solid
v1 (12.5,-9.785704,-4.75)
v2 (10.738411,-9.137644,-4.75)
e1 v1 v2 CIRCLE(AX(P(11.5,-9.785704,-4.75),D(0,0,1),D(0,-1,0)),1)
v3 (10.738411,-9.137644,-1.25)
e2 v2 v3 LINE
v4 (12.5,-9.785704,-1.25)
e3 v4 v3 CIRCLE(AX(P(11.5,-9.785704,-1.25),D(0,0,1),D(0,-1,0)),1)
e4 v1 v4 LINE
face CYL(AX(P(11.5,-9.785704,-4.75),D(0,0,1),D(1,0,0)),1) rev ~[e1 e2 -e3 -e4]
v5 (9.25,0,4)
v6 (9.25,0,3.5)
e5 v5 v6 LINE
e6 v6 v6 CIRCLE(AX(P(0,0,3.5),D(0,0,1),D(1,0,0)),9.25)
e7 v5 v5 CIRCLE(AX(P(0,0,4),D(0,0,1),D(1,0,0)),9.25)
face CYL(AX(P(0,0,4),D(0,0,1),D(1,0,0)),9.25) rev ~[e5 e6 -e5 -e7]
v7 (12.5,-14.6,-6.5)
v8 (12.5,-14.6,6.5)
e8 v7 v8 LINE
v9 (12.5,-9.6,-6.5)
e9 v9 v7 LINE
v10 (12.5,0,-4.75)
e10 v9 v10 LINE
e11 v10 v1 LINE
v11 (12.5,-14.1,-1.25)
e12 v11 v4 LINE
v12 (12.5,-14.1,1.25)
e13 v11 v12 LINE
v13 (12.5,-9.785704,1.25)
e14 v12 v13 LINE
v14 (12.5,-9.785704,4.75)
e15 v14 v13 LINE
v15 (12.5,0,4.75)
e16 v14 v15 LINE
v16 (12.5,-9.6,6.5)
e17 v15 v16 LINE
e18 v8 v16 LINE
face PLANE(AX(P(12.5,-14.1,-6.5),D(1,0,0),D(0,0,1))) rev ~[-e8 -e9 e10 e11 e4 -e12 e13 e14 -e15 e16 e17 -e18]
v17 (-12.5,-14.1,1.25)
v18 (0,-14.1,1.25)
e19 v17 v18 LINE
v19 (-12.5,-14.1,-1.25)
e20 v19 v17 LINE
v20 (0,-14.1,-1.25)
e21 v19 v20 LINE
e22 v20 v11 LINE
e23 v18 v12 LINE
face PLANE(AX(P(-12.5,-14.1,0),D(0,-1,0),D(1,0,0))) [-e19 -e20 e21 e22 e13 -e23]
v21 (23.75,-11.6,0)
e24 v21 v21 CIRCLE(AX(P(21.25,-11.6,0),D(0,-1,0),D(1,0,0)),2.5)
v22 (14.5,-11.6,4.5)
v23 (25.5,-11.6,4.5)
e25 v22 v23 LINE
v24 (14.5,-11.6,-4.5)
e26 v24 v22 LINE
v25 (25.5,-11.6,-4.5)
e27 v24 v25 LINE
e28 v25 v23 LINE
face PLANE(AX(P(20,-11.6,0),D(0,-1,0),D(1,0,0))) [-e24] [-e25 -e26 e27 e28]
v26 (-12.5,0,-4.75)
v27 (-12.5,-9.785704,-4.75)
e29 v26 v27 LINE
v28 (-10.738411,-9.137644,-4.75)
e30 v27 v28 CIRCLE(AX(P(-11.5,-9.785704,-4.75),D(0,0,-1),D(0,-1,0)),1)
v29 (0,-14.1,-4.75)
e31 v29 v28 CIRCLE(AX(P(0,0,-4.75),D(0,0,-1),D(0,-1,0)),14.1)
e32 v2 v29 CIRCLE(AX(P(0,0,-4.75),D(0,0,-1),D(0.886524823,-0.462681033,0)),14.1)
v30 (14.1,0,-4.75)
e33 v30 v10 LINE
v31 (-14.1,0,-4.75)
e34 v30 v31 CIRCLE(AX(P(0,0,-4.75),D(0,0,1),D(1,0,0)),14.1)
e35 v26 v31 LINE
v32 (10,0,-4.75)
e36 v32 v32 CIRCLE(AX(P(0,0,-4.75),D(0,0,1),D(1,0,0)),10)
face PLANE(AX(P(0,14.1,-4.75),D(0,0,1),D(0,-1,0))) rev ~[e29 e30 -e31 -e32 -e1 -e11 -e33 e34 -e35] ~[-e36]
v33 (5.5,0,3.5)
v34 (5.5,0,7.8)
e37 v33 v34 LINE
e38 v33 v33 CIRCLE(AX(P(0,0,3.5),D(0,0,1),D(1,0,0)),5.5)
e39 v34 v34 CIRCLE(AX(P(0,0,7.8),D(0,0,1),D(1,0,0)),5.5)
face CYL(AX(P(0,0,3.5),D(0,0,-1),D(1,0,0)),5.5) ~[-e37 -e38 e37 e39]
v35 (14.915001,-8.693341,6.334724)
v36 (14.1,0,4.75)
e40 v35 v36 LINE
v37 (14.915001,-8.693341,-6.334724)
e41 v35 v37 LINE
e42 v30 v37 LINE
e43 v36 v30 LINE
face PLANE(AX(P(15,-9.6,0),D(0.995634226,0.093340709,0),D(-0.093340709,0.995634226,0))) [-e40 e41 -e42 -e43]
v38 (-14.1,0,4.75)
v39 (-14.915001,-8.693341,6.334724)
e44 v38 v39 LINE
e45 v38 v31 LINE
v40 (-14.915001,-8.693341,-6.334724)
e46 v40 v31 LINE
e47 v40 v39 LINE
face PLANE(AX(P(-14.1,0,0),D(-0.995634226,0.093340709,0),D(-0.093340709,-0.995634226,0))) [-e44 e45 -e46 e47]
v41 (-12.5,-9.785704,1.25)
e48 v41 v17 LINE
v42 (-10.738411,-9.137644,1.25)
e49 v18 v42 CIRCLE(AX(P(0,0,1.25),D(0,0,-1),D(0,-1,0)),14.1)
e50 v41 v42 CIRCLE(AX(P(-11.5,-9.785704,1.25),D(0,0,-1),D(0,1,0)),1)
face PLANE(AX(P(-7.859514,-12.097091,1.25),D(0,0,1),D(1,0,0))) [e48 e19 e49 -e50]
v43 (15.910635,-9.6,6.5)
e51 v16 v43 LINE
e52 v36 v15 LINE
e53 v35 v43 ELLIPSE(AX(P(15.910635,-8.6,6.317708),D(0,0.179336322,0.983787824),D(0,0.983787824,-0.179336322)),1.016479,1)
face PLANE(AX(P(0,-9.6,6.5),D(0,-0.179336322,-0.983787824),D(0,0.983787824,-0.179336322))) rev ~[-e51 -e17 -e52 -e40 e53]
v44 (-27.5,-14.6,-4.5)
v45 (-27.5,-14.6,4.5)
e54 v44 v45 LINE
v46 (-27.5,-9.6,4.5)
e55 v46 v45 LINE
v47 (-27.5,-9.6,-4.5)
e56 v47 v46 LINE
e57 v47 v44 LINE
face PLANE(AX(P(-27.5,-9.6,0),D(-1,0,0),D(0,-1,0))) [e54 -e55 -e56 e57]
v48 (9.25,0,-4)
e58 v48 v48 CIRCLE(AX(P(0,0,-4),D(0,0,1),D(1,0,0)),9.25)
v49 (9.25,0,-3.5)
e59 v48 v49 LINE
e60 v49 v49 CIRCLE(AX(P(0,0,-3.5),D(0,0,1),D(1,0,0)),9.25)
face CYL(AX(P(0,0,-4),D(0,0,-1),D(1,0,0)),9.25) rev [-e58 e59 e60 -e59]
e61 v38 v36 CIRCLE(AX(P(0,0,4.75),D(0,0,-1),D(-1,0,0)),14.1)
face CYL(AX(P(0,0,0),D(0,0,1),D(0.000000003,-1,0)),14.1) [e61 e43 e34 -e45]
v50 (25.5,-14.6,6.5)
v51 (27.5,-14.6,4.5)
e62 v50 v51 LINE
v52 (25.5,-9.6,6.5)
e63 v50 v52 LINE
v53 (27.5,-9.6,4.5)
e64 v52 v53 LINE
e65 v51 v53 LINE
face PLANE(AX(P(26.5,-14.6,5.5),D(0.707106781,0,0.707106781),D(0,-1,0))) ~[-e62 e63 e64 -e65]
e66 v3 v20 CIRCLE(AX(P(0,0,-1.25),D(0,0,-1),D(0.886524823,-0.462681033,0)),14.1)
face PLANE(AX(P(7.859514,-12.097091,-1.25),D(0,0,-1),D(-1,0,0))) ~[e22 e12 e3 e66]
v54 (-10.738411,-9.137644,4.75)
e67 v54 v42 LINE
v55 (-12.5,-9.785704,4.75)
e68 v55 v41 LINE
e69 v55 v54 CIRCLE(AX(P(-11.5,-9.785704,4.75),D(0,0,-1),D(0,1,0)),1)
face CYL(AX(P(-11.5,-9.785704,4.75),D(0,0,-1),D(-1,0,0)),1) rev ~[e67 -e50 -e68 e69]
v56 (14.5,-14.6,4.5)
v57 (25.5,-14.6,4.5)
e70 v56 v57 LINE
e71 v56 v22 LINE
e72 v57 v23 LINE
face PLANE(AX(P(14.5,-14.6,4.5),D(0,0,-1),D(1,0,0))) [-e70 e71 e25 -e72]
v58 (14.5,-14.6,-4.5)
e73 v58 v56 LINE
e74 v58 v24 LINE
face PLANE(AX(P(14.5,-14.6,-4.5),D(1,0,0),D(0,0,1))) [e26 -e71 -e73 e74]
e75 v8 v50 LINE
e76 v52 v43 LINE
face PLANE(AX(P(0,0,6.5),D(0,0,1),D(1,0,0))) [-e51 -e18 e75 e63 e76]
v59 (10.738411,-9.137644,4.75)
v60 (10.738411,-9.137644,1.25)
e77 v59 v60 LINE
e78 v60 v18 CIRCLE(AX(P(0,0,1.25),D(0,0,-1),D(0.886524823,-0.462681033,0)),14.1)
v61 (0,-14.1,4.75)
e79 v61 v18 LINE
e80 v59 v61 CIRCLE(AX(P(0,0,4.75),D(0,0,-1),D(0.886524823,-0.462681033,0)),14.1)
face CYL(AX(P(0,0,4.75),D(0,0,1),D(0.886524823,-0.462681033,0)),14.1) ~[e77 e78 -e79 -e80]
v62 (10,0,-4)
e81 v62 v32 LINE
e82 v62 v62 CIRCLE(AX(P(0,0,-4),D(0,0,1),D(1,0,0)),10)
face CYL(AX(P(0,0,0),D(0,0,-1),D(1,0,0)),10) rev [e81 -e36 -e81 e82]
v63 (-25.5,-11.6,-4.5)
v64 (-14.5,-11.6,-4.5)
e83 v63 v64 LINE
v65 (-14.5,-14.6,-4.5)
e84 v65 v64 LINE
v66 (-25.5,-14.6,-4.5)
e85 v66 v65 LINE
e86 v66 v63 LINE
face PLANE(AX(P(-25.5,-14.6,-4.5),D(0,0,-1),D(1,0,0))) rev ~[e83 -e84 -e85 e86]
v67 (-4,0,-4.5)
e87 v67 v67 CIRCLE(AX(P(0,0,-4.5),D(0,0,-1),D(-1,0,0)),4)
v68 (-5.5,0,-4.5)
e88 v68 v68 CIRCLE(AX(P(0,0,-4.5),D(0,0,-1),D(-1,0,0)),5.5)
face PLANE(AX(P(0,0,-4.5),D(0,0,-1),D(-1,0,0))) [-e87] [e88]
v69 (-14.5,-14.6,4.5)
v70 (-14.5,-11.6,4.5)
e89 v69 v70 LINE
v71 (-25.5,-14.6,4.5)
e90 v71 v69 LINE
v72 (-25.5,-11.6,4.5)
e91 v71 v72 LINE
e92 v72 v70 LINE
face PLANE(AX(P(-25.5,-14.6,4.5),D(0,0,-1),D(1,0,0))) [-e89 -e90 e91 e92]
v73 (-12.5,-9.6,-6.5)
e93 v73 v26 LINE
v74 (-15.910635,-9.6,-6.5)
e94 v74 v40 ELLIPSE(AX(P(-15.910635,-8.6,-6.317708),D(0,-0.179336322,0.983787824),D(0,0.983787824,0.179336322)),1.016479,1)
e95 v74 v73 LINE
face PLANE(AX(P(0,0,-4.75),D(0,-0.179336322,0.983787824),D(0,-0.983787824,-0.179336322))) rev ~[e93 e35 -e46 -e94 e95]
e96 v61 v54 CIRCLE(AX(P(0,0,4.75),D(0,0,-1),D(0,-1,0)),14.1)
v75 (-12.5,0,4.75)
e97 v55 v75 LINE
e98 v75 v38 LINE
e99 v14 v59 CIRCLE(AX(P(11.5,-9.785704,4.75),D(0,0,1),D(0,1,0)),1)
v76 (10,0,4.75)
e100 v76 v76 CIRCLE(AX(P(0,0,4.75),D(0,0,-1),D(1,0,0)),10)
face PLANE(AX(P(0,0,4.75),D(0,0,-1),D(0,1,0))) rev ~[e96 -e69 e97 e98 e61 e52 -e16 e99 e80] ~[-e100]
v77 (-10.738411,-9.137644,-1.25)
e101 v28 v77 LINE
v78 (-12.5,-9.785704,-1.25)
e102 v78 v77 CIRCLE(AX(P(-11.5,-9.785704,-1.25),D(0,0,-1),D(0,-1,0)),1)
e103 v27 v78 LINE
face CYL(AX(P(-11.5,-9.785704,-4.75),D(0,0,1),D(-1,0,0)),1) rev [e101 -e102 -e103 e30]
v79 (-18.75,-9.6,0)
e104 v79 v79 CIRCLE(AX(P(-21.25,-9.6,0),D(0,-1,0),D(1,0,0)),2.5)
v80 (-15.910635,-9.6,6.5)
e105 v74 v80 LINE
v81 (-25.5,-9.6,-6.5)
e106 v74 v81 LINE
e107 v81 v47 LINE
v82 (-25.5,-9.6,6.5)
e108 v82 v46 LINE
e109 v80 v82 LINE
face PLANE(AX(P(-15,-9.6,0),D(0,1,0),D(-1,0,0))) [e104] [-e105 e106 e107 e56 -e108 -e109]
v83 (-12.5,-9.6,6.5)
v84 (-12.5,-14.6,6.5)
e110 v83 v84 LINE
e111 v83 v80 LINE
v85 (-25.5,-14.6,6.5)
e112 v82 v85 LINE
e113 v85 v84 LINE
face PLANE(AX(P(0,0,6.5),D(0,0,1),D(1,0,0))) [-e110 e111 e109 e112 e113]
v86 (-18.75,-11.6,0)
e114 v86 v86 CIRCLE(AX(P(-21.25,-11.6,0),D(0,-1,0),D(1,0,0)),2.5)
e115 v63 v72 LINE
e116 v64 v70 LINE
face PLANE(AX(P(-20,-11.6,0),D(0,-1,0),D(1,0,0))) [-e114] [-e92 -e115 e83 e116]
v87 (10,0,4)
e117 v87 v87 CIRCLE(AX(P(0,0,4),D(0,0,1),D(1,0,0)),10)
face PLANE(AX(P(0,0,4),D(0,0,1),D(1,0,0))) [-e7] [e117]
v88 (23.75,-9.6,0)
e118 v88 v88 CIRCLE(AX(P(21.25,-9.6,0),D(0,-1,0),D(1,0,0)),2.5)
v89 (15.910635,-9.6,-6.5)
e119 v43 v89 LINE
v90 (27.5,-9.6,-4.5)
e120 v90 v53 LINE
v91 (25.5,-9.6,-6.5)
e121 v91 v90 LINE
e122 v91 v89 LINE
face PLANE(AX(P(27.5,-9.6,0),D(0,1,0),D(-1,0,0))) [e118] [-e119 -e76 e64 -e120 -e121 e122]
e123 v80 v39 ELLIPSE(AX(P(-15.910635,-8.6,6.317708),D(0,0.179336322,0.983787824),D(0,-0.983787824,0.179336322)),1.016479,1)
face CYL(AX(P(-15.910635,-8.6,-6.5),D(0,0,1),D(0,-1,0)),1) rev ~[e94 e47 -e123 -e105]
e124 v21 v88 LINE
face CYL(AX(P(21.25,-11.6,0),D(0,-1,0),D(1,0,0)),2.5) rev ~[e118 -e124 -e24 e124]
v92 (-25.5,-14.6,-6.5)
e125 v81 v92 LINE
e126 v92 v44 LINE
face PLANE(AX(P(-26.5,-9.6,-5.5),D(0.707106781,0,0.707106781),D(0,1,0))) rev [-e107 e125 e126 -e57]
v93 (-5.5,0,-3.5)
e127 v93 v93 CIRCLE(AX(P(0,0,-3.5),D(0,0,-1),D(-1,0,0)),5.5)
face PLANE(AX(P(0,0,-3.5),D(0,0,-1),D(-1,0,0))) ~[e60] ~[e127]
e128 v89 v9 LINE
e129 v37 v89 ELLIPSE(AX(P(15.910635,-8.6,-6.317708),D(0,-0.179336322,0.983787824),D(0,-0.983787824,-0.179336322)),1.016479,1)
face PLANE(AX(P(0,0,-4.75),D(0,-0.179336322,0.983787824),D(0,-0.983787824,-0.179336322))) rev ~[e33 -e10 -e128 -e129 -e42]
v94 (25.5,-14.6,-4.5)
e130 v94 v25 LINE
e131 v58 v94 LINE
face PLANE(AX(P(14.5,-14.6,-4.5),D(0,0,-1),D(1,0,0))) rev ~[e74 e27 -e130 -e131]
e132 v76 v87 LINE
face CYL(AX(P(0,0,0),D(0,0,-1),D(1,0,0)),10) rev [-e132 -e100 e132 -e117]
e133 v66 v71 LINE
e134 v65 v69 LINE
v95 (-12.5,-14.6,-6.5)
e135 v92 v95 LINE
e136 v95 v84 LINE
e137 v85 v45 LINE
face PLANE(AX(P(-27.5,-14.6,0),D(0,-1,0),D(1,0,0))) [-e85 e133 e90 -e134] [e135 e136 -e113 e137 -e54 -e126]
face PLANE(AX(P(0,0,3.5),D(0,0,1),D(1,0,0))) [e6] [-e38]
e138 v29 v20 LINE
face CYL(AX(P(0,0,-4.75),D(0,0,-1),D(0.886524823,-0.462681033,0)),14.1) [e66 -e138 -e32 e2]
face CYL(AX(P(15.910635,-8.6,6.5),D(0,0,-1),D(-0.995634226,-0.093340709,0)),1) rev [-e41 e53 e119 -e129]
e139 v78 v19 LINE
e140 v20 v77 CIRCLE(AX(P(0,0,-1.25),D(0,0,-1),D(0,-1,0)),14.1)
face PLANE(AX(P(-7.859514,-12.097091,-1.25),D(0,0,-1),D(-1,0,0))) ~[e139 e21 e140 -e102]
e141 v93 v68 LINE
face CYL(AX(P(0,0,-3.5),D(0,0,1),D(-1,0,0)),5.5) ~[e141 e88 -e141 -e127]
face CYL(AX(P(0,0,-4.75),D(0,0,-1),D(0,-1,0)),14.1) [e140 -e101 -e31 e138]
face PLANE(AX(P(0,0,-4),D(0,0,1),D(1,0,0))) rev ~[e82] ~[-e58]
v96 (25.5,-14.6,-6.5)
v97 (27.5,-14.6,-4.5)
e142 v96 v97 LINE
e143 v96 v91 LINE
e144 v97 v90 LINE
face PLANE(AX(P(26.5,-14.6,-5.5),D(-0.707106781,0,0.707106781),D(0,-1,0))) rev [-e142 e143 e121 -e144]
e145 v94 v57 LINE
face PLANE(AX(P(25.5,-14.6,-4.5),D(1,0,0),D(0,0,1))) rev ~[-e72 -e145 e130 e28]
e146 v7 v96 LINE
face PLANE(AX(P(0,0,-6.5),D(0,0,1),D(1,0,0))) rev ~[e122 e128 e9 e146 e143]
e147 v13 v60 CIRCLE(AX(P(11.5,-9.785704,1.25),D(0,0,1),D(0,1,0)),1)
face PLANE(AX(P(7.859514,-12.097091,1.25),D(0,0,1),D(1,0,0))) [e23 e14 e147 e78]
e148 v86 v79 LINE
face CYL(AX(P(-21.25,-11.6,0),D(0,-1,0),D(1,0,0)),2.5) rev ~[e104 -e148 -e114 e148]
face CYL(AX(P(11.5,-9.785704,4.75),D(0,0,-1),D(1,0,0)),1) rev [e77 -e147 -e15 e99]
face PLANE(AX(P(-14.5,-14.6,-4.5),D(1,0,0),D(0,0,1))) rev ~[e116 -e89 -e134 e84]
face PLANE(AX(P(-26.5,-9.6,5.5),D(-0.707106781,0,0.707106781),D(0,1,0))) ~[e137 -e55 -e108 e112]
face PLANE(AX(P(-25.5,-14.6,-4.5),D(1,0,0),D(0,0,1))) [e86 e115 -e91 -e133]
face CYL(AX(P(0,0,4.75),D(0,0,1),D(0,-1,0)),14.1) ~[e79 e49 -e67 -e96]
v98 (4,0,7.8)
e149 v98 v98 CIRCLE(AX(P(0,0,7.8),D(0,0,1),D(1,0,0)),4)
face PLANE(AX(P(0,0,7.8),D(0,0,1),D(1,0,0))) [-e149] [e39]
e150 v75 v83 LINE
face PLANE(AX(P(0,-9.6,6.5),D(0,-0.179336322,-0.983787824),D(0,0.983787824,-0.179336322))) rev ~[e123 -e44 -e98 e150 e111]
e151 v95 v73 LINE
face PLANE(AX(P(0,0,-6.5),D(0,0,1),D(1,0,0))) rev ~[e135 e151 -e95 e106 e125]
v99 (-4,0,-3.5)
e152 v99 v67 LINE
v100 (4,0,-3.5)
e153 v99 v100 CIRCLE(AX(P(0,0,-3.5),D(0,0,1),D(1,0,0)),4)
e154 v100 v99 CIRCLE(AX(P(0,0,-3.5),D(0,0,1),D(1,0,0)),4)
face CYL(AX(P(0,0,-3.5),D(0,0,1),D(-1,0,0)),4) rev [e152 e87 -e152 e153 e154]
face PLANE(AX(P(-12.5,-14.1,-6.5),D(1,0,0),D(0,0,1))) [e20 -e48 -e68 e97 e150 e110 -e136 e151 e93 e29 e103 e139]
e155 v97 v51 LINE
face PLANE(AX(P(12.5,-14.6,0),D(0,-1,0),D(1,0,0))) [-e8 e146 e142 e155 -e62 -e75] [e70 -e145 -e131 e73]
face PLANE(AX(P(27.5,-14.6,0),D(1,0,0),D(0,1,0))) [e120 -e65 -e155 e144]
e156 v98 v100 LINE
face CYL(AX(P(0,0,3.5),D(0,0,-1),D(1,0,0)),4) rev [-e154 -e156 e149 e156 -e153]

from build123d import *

# Parameters (mm, degrees)
SKETCH1_R           = 10
BOSS_EXTRUDE1_DEPTH = 4
SKETCH2_R           = 9.25
CUT_EXTRUDE2_DEPTH  = 0.5
SKETCH6_R           = 14.1
SKETCH6_R_2         = 10
BOSS_EXTRUDE4_DEPTH = 6.5
SKETCH7_OUTSIDE_W   = 27.678
SKETCH7_OUTSIDE_H   = 43.378
CUT_EXTRUDE6_DEPTH  = 28.5
SKETCH8_R           = 4
CUT_EXTRUDE7_DEPTH  = 7
SKETCH11_W          = 25
SKETCH11_H          = 1.75
CUT_EXTRUDE8_DEPTH  = 29.2
CUT_EXTRUDE9_DEPTH  = 3.5
SKETCH9_R           = 5.5
SKETCH9_R_2         = 4
BOSS_EXTRUDE5_DEPTH = 4.3
SKETCH10_R          = 5.5
SKETCH10_R_2        = 4
BOSS_EXTRUDE6_DEPTH = 1
SKETCH13_W          = 11
SKETCH13_H          = 9
CUT_EXTRUDE10_DEPTH = 3
SKETCH14_R          = 2.5
CUT_EXTRUDE11_DEPTH = 2
CHAMFER1_SIZE       = 2
FILLET1_R           = 1


with BuildPart() as part:
    # Sketch1 → Boss-Extrude1 (new body, symmetric)
    with BuildSketch(Plane.XY):
        Circle(SKETCH1_R)
    extrude(amount=BOSS_EXTRUDE1_DEPTH, both=True)

    # Sketch2 → Cut-Extrude2 (cut)
    with BuildSketch(Plane.XY.offset(4)):
        Circle(SKETCH2_R)
    cut_extrude2 = extrude(amount=-CUT_EXTRUDE2_DEPTH, mode=Mode.SUBTRACT)

    # Mirror1: Cut-Extrude2 across plane
    add(cut_extrude2.mirror(Plane.XY), mode=Mode.SUBTRACT)

    # Sketch6 → Boss-Extrude4 (add, symmetric)
    with BuildSketch(Plane.XY):
        Circle(SKETCH6_R)
        Circle(SKETCH6_R_2, mode=Mode.SUBTRACT)
        with BuildLine():
            ThreePointArc((4.2e-08, -14.1), (-9.9702056, -9.97020563), (-14.1, 0))
            Line((-14.1, 0), (-15, -9.6))
            Line((-15, -9.6), (-27.5, -9.6))
            Line((-27.5, -9.6), (-27.5, -14.6))
            Line((-27.5, -14.6), (-12.5, -14.6))
            Line((-12.5, -14.6), (-12.5, -14.1))
            Line((-12.5, -14.1), (4.2e-08, -14.1))
        make_face()
        with BuildLine():
            Line((15, -9.6), (14.1, 0))
            ThreePointArc((14.1, 0), (9.97020563, -9.9702056), (4.2e-08, -14.1))
            Line((4.2e-08, -14.1), (12.5, -14.1))
            Line((12.5, -14.1), (12.5, -14.6))
            Line((12.5, -14.6), (27.5, -14.6))
            Line((27.5, -14.6), (27.5, -9.6))
            Line((27.5, -9.6), (15, -9.6))
        make_face()
    extrude(amount=BOSS_EXTRUDE4_DEPTH, both=True)

    # Sketch7 outside → Cut-Extrude6 (cut, symmetric)
    with BuildSketch(Plane(origin=(0, 0, 0), x_dir=(0, 0, -1), z_dir=(1, 0, 0))):
        with Locations((0, -0.25)):
            Rectangle(SKETCH7_OUTSIDE_W, SKETCH7_OUTSIDE_H)
        Polygon((-6.5, -9.6), (-4.75, 0), (-4.75, 14.1), (4.75, 14.1), (4.75, 0), (6.5, -9.6), (6.5, -14.6), (-6.5, -14.6), align=None, mode=Mode.SUBTRACT)
    extrude(amount=CUT_EXTRUDE6_DEPTH, both=True, mode=Mode.SUBTRACT)

    # Sketch8 → Cut-Extrude7 (cut)
    with BuildSketch(Plane.XY.offset(3.5)):
        Circle(SKETCH8_R)
    extrude(amount=-CUT_EXTRUDE7_DEPTH, mode=Mode.SUBTRACT)

    # Sketch11 → Cut-Extrude8 (cut, through all)
    with BuildSketch(Plane.XZ.offset(14.1)):
        with Locations((0, 5.625)):
            Rectangle(SKETCH11_W, SKETCH11_H)
        with Locations((0, -5.625)):
            Rectangle(SKETCH11_W, SKETCH11_H)
    extrude(amount=-CUT_EXTRUDE8_DEPTH, mode=Mode.SUBTRACT)

    # Sketch12 → Cut-Extrude9 (cut)
    with BuildSketch(Plane.XY.offset(4.75)):
        with BuildLine():
            ThreePointArc((0, -14.1), (-7.308364514, -12.058101349), (-12.5, -6.523802572))
            Line((-12.5, -6.523802572), (-12.5, -14.1))
            Line((-12.5, -14.1), (0, -14.1))
        make_face()
        with BuildLine():
            ThreePointArc((12.5, -6.523802572), (7.308364514, -12.058101349), (0, -14.1))
            Line((0, -14.1), (12.5, -14.1))
            Line((12.5, -14.1), (12.5, -6.523802572))
        make_face()
    cut_extrude9 = extrude(amount=-CUT_EXTRUDE9_DEPTH, mode=Mode.SUBTRACT)

    # Mirror2: Cut-Extrude9 across plane
    add(cut_extrude9.mirror(Plane.XY), mode=Mode.SUBTRACT)

    # Sketch9 → Boss-Extrude5 (add)
    with BuildSketch(Plane.XY.offset(3.5)):
        Circle(SKETCH9_R)
        Circle(SKETCH9_R_2, mode=Mode.SUBTRACT)
    extrude(amount=BOSS_EXTRUDE5_DEPTH)

    # Sketch10 → Boss-Extrude6 (add)
    with BuildSketch(Plane(origin=(0, 0, -3.5), x_dir=(-1, 0, 0), z_dir=(0, 0, -1))):
        Circle(SKETCH10_R)
        Circle(SKETCH10_R_2, mode=Mode.SUBTRACT)
    extrude(amount=BOSS_EXTRUDE6_DEPTH)

    # Sketch13 → Cut-Extrude10 (cut)
    with BuildSketch(Plane.XZ.offset(14.6)):
        with Locations((-20, 0)):
            Rectangle(SKETCH13_W, SKETCH13_H)
        with Locations((20, 0)):
            Rectangle(SKETCH13_W, SKETCH13_H)
    extrude(amount=-CUT_EXTRUDE10_DEPTH, mode=Mode.SUBTRACT)

    # Sketch14 → Cut-Extrude11 (cut)
    with BuildSketch(Plane.XZ.offset(11.6)):
        with Locations((21.25, 0)):
            Circle(SKETCH14_R)
        with Locations((-21.25, 0)):
            Circle(SKETCH14_R)
    extrude(amount=-CUT_EXTRUDE11_DEPTH, mode=Mode.SUBTRACT)

    # Chamfer1
    chamfer1_edges = [part.edges().sort_by_distance(p)[0] for p in [
        (-27.5, -12.1, -6.5),
        (27.5, -12.1, 6.5),
        (-27.5, -12.1, 6.5),
        (27.5, -12.1, -6.5),
    ]]
    chamfer(chamfer1_edges, length=CHAMFER1_SIZE)

    # Fillet1
    fillet1_edges = [part.edges().sort_by_distance(p)[0] for p in [
        (-15, -9.6, 0),
        (-12.5, -6.523802572, 3),
        (15, -9.6, 0),
        (12.5, -6.523802572, 3),
        (-12.5, -6.523802572, -3),
        (12.5, -6.523802572, -3),
    ]]
    fillet(fillet1_edges, radius=FILLET1_R)


solid = part.part
